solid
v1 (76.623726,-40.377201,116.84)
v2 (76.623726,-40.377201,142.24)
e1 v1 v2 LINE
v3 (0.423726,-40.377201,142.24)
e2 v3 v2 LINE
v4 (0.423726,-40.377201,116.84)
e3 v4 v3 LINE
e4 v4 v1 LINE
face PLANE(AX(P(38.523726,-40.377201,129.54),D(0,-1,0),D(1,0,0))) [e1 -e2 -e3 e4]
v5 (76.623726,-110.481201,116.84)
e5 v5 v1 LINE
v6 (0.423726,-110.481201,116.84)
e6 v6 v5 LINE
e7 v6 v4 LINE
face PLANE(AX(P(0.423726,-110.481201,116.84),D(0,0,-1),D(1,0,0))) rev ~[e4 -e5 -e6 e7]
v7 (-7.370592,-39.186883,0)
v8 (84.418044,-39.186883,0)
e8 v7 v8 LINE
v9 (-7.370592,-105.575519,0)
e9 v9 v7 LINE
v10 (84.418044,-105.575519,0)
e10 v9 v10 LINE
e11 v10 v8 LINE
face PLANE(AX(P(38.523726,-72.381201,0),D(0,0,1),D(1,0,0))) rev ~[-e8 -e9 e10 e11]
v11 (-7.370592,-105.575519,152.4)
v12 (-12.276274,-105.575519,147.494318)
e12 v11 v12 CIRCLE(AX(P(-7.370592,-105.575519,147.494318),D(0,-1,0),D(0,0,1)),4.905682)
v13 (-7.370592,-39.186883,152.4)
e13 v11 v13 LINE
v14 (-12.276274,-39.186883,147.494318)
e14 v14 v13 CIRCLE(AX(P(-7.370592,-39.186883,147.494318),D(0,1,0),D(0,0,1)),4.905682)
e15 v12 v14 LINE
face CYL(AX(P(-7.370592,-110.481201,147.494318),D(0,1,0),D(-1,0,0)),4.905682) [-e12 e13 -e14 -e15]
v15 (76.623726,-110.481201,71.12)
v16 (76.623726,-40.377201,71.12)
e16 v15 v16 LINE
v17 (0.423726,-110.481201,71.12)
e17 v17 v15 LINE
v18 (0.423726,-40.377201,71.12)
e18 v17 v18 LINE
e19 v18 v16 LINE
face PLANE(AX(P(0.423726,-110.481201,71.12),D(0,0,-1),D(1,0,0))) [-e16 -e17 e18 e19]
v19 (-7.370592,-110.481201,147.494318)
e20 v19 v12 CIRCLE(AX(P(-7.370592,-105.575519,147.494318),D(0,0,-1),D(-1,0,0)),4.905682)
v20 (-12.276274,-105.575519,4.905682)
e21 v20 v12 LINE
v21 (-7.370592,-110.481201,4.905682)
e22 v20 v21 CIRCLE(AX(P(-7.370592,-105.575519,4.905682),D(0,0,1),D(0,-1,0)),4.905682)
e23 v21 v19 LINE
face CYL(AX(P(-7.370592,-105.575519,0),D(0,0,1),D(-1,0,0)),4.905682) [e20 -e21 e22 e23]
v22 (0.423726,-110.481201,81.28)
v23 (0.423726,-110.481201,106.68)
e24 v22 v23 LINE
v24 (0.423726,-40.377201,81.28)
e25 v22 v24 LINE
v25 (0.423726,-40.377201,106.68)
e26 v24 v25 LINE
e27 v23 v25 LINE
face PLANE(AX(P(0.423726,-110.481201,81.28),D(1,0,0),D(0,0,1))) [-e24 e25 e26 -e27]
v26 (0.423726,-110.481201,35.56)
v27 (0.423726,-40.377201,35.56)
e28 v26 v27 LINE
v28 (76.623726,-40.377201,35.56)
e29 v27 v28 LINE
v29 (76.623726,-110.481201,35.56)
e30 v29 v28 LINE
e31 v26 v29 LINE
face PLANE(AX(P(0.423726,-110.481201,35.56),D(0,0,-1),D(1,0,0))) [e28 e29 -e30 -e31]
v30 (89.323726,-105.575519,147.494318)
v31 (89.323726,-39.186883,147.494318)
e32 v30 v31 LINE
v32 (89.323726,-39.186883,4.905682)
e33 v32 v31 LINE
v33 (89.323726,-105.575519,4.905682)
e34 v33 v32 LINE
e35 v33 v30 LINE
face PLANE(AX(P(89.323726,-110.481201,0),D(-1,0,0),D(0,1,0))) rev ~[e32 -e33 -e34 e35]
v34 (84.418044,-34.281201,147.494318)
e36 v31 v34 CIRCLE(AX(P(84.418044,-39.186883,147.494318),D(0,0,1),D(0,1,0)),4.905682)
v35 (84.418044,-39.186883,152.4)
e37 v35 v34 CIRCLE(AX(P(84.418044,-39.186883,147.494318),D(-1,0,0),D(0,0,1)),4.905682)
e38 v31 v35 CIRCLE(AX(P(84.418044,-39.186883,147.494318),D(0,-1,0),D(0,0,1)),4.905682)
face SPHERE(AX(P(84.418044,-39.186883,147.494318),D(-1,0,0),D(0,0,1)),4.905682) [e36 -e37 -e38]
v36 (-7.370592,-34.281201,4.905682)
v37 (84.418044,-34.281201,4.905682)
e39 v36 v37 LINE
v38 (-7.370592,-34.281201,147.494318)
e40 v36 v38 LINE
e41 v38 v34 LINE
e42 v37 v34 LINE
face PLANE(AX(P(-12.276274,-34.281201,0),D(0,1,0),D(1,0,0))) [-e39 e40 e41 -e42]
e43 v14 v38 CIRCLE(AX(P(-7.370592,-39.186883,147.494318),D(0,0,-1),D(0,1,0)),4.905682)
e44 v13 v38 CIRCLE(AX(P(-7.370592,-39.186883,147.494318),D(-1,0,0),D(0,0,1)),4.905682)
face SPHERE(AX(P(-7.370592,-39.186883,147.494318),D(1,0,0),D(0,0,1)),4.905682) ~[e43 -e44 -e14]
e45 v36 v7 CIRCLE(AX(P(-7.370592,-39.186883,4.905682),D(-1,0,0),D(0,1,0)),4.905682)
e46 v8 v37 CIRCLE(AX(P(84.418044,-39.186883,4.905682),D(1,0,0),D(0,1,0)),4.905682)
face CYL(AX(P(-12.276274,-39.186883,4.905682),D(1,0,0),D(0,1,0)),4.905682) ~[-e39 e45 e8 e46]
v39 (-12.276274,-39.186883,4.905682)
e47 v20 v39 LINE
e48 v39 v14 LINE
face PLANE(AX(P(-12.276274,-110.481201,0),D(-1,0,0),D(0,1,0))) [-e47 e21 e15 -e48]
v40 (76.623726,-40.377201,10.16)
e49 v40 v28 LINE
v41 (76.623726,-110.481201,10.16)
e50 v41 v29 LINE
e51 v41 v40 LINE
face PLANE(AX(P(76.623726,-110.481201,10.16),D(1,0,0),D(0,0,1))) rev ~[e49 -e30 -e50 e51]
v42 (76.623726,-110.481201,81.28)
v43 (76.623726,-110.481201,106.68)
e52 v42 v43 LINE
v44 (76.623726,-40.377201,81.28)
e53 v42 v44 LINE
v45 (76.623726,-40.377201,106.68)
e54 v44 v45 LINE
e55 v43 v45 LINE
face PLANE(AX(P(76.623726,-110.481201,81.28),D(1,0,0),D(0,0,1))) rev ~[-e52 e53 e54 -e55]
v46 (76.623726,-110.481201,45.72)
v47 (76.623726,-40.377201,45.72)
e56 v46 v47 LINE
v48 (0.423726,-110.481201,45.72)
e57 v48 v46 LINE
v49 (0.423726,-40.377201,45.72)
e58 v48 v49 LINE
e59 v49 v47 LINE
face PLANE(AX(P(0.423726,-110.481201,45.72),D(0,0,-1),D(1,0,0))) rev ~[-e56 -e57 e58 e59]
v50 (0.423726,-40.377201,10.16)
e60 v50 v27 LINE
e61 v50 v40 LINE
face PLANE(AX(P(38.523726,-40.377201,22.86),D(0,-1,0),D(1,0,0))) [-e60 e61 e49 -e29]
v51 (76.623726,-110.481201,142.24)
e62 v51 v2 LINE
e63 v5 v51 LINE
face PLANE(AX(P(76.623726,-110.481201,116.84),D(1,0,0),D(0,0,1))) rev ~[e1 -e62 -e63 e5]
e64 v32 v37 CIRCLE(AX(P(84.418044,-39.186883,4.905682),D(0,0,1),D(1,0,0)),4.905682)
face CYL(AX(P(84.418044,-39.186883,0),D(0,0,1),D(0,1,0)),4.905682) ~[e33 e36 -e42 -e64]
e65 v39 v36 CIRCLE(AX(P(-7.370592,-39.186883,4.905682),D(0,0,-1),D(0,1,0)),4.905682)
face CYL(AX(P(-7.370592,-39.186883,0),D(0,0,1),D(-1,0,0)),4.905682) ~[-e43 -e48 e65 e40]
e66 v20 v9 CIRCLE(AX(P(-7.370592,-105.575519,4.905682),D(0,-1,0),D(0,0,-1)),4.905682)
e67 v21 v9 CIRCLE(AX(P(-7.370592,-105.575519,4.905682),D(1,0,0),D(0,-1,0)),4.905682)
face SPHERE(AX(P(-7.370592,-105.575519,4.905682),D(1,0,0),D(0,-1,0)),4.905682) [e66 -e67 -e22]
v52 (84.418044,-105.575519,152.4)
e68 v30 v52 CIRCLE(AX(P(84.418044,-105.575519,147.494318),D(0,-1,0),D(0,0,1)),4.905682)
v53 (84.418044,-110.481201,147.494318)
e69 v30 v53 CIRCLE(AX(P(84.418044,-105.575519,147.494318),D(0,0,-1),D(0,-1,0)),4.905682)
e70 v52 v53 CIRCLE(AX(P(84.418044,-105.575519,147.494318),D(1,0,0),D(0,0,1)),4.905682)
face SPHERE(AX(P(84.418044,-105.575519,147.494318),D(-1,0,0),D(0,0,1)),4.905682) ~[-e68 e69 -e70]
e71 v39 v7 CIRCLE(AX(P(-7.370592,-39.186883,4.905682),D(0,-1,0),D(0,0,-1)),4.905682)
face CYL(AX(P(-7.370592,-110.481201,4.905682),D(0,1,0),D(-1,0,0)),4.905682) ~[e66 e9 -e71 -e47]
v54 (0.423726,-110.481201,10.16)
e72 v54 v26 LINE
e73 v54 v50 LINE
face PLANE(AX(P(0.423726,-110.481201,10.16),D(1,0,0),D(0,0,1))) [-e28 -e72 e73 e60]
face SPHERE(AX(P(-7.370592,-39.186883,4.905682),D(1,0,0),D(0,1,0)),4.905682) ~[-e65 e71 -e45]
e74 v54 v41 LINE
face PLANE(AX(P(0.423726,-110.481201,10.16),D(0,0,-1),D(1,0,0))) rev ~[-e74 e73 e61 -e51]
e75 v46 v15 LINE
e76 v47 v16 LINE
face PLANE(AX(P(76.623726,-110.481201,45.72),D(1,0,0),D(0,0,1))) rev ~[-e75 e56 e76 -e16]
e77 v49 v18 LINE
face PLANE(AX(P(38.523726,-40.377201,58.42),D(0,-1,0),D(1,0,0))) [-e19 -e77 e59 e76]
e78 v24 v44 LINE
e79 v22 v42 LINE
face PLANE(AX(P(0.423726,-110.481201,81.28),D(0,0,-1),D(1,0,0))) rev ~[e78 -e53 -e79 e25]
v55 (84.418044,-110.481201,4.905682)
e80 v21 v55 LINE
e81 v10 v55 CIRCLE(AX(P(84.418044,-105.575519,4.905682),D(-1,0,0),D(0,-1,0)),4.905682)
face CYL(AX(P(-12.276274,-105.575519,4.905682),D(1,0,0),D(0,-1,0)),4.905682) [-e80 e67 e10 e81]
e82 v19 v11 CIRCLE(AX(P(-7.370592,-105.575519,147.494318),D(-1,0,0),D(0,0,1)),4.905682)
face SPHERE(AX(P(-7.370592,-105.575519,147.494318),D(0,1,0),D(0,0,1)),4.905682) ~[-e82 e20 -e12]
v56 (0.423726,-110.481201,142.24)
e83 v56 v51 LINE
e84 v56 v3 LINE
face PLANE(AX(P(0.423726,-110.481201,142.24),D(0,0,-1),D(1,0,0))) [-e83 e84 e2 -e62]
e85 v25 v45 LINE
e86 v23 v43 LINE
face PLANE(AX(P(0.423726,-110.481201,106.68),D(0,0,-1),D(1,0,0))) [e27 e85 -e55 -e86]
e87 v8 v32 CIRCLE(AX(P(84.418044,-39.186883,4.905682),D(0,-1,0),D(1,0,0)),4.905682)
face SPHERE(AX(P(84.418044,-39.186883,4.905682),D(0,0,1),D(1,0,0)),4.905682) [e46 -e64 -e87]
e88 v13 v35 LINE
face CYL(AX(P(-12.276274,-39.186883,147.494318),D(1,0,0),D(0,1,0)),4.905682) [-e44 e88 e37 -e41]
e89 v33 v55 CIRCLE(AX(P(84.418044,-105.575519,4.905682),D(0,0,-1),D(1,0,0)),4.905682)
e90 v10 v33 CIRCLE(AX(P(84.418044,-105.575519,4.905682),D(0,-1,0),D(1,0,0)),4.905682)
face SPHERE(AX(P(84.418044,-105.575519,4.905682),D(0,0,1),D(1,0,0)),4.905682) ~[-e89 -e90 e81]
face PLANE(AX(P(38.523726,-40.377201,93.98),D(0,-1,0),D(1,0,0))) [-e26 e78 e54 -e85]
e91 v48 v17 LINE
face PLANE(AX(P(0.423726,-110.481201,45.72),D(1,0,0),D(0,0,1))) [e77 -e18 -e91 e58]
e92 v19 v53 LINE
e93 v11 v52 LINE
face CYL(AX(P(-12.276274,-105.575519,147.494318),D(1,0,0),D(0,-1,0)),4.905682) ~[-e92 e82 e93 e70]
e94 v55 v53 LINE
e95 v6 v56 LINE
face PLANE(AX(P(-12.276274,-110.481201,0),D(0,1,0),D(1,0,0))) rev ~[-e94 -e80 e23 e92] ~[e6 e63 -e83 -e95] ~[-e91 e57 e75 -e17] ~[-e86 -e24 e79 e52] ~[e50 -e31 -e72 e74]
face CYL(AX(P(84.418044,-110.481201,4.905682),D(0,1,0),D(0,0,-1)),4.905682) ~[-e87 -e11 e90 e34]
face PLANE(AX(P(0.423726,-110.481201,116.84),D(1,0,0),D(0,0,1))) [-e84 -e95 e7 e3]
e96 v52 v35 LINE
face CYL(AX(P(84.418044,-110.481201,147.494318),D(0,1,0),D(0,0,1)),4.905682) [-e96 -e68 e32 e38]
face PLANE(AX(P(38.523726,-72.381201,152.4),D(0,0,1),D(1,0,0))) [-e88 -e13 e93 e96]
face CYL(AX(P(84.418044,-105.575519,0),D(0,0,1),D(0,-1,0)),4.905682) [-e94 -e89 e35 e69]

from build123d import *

# Parameters (mm, degrees)
F0_W     = 101.6
F0_H     = 76.2
F1_DEPTH = 152.4
F2_W     = 76.2
F2_H     = 25.4
F3_DEPTH = 70.104
F4_R     = 4.905682


with BuildPart() as f1:
    # F0 (on Top) → F1 (new body)
    with BuildSketch(Plane.XY):
        with Locations((38.523726, -72.381201)):
            Rectangle(F0_W, F0_H)
    extrude(amount=F1_DEPTH)

    # F2 (on face) → F3 (cut)
    with BuildSketch(Plane.XZ.offset(110.481201)):
        with Locations((38.523726, 129.54)):
            Rectangle(F2_W, F2_H)
        with Locations((38.523726, 93.98)):
            Rectangle(F2_W, F2_H)
        with Locations((38.523726, 58.42)):
            Rectangle(F2_W, F2_H)
        with Locations((38.523726, 22.86)):
            Rectangle(F2_W, F2_H)
    extrude(amount=-F3_DEPTH, mode=Mode.SUBTRACT)

    # F4
    f4_edges = [f1.edges().sort_by_distance(p)[0] for p in [
        (38.523726, -34.281201, 152.4),
        (-12.276274, -72.381201, 152.4),
        (38.523726, -110.481201, 152.4),
        (89.323726, -72.381201, 152.4),
        (89.323726, -110.481201, 76.2),
        (89.323726, -34.281201, 76.2),
        (89.323726, -72.381201, 0),
        (38.523726, -110.481201, 0),
        (38.523726, -34.281201, 0),
        (-12.276274, -34.281201, 76.2),
        (-12.276274, -110.481201, 76.2),
        (-12.276274, -72.381201, 0),
    ]]
    fillet(f4_edges, radius=F4_R)


solid = f1.part
